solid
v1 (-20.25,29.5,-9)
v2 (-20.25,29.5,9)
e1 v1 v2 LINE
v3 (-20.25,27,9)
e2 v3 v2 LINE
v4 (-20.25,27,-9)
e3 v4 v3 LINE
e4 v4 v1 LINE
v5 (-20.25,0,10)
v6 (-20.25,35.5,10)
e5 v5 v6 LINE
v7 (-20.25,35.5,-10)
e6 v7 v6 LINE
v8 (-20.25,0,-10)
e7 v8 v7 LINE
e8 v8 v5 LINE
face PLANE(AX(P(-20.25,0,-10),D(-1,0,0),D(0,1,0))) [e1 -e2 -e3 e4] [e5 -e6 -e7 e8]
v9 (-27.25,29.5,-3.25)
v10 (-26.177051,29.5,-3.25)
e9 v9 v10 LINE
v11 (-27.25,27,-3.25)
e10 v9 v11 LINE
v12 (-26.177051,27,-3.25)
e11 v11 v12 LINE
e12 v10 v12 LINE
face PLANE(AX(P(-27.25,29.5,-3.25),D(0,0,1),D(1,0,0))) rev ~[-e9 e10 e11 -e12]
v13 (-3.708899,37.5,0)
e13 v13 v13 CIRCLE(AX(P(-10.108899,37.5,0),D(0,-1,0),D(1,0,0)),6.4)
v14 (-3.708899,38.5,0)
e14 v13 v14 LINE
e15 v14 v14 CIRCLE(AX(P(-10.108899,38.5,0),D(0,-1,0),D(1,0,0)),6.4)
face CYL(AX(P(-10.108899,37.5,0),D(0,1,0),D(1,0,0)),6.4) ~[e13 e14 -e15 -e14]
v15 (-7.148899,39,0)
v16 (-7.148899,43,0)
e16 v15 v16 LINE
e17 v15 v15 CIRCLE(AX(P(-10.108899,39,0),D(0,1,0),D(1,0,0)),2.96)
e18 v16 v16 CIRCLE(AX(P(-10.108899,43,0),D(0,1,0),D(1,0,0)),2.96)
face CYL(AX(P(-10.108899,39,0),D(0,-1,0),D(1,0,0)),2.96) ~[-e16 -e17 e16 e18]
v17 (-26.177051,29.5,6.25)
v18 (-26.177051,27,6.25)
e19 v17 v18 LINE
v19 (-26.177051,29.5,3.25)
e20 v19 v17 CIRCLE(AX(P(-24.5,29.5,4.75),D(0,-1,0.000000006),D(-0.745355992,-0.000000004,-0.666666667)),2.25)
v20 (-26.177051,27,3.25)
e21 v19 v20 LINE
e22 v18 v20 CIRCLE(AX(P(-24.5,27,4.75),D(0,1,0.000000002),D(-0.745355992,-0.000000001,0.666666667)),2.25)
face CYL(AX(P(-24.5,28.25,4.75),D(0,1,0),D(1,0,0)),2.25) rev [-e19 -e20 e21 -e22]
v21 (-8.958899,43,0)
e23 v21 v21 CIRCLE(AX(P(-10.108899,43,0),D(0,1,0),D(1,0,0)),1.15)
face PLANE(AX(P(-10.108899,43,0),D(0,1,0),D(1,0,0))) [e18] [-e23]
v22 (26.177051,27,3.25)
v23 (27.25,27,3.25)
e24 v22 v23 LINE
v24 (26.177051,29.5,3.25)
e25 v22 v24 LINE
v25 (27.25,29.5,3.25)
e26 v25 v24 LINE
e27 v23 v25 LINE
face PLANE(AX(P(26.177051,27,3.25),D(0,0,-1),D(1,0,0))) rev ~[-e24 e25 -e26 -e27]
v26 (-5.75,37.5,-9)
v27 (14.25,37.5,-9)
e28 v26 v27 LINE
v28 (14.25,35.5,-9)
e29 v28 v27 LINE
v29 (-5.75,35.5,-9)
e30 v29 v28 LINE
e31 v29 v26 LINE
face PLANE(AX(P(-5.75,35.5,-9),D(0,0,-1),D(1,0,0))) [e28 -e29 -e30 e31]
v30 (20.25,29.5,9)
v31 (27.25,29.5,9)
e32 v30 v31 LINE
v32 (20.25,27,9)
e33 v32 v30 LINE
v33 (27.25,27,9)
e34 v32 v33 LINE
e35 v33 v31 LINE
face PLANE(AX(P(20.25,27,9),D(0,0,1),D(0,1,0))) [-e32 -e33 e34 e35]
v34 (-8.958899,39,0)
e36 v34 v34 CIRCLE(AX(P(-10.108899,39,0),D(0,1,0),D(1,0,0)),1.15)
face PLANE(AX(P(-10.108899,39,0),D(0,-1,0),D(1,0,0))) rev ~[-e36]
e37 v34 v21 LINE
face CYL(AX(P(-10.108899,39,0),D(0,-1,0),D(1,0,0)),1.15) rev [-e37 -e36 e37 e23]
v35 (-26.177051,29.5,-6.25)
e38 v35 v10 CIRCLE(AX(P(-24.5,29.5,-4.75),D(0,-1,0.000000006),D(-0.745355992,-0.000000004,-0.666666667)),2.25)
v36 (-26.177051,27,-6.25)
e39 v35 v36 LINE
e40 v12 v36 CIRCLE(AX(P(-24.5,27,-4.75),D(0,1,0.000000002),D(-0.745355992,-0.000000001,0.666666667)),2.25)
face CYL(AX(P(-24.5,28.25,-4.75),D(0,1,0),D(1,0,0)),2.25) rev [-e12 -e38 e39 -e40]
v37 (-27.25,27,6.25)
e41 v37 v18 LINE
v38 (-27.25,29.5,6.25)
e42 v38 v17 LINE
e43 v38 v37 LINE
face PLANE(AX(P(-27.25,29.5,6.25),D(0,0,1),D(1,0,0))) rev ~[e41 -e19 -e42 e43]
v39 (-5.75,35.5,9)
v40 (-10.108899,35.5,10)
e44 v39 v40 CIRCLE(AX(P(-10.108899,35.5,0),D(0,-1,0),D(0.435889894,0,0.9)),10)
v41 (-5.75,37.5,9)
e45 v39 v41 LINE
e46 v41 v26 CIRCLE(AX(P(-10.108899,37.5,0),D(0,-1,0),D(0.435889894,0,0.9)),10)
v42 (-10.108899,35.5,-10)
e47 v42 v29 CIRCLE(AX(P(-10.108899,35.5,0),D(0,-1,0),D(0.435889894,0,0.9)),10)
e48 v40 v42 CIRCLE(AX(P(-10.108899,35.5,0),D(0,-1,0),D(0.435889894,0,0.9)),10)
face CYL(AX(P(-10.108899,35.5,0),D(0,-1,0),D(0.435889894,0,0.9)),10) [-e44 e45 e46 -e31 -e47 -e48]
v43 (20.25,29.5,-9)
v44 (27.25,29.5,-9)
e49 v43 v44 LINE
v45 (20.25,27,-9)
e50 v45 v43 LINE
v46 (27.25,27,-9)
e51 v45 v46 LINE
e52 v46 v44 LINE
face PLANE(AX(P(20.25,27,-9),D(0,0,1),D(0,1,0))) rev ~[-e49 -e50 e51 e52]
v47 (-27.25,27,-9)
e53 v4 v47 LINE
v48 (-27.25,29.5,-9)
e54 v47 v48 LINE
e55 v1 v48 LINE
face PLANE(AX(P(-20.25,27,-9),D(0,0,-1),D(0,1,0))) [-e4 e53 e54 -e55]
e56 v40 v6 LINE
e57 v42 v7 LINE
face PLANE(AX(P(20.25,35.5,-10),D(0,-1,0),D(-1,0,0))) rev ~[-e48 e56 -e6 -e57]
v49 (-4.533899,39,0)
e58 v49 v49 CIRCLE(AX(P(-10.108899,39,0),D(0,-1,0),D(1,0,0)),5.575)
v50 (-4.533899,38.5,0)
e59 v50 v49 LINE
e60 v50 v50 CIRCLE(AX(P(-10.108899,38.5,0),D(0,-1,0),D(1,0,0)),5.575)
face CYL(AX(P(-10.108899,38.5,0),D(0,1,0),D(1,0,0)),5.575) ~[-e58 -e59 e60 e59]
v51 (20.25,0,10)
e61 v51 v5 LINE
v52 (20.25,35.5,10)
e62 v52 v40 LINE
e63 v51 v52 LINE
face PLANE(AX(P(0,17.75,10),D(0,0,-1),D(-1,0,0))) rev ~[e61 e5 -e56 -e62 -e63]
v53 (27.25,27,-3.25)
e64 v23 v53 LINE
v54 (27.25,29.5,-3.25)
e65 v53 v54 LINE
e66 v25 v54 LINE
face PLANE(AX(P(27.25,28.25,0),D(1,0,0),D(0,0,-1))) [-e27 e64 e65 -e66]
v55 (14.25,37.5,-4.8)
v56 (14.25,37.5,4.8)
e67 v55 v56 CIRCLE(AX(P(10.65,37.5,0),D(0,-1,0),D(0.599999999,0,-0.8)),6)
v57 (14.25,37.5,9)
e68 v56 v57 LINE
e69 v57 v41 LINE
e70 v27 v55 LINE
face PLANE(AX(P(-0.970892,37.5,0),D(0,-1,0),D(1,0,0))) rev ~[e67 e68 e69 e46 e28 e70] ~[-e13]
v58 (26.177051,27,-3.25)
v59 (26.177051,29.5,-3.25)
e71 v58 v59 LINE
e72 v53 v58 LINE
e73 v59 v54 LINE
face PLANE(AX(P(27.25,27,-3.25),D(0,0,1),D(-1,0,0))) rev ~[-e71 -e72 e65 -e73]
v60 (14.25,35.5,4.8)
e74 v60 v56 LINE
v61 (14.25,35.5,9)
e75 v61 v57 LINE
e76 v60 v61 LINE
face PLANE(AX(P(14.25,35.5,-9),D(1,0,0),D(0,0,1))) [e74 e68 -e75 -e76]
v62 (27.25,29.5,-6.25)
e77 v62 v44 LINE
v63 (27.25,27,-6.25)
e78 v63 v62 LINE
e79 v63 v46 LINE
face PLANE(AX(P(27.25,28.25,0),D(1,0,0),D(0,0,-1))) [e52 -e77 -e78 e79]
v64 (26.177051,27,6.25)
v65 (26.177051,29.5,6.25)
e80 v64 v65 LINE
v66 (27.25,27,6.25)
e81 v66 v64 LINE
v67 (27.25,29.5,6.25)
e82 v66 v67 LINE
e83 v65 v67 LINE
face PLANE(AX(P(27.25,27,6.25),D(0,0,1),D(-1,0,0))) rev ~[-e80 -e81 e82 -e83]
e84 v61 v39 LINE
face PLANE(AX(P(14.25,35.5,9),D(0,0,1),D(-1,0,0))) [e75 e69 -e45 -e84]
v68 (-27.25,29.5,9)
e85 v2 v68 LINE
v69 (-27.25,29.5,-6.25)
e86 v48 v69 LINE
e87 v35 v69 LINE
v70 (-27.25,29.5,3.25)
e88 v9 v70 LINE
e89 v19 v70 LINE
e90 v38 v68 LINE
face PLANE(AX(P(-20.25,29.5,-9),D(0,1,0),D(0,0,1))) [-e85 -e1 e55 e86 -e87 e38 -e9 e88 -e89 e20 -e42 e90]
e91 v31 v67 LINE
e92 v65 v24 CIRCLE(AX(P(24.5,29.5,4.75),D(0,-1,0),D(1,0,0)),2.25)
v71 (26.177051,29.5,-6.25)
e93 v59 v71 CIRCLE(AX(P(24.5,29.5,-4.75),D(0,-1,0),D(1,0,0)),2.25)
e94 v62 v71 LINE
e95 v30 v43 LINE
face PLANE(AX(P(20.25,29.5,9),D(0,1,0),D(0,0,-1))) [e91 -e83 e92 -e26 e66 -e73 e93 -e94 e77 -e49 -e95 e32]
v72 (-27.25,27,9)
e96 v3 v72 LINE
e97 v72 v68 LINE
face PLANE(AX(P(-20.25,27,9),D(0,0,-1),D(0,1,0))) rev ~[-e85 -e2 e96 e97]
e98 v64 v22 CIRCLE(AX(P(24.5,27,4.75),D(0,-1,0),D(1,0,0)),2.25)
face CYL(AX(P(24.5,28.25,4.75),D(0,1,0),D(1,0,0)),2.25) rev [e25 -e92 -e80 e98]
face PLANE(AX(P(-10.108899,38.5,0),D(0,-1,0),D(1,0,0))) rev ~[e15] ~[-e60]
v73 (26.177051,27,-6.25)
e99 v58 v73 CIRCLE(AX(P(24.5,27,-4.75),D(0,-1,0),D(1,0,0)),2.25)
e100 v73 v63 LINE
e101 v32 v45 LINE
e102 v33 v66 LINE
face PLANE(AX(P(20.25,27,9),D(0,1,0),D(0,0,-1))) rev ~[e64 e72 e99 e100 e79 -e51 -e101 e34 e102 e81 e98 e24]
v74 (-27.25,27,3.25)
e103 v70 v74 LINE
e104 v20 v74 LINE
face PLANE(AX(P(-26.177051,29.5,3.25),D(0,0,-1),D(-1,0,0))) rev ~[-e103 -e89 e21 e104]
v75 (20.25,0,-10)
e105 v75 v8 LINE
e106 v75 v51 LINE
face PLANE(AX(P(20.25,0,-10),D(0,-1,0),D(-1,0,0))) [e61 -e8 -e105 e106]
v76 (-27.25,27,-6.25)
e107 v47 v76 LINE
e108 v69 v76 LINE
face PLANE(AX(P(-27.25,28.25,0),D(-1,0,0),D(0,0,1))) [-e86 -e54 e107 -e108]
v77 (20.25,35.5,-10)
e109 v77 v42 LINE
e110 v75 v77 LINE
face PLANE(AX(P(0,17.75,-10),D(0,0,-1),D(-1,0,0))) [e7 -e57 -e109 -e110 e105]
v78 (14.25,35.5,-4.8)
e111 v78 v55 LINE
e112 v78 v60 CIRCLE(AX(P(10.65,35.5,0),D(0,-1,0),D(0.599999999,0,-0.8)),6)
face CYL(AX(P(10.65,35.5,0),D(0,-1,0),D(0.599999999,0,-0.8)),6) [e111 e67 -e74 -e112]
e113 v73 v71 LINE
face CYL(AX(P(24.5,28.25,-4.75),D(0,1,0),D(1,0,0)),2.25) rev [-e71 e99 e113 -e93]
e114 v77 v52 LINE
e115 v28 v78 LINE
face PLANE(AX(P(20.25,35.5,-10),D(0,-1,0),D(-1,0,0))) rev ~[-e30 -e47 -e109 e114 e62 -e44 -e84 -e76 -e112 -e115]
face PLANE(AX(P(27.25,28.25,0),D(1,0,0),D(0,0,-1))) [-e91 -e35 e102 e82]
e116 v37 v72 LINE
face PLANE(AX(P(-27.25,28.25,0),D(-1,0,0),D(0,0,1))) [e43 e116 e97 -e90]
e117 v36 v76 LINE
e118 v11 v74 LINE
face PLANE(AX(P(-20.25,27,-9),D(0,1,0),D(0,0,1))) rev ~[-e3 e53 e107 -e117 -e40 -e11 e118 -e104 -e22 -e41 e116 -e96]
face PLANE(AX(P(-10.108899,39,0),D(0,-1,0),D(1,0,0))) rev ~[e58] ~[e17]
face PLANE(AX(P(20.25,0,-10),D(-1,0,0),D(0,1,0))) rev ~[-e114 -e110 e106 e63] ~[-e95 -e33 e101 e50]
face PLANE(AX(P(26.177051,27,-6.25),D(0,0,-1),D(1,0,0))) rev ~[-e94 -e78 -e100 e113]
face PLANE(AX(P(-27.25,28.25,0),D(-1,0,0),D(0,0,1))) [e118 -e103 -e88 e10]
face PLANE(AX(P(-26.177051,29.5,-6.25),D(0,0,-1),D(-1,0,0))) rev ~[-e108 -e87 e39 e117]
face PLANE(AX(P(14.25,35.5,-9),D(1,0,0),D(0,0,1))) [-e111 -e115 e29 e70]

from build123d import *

# Parameters (mm, degrees)
ESBO_O1_W                = 40.5
ESBO_O1_H                = 35.5
RESSALTO_EXTRUS_O1_DEPTH = 20
RESSALTO_EXTRUS_O2_DEPTH = 2
ESBO_O3_W                = 18
ESBO_O3_H                = 2.499999999
RESSALTO_EXTRUS_O3_DEPTH = 7
CORTE_EXTRUS_O1_DEPTH    = 11.500000003
CORTE_EXTRUS_O2_DEPTH    = 11.500000003
RESSALTO_EXTRUS_O4_DEPTH = 2
ESBO_O7_W                = 18
ESBO_O7_H                = 2.499999994
RESSALTO_EXTRUS_O5_DEPTH = 7
CORTE_EXTRUS_O3_DEPTH    = 30.499999991
CORTE_EXTRUS_O4_DEPTH    = 30.499999991
ESBO_O10_W               = 2.25
ESBO_O10_H               = 2.5
ESBO_O11_W               = 2.25
ESBO_O11_H               = 2.5
ESBO_O12_W               = 2.25
ESBO_O12_H               = 2.5
ESBO_O13_W               = 2.25
ESBO_O13_H               = 2.5
ESBO_O15_R               = 2.96
ESBO_O15_R_2             = 1.15
RESSALTO_EXTRUS_O6_DEPTH = 4


with BuildPart() as part:
    # Esboço1 → Ressalto-extrusão1 (new body)
    with BuildSketch(Plane(origin=(0, 0, -10), x_dir=(-1, 0, 0), z_dir=(0, 0, -1))):
        with Locations((0, 17.75)):
            Rectangle(ESBO_O1_W, ESBO_O1_H)
    extrude(amount=-RESSALTO_EXTRUS_O1_DEPTH)

    # Esboço2 → Ressalto-extrusão2 (add)
    with BuildSketch(Plane(origin=(0, 35.5, 0), x_dir=(-1, 0, 0), z_dir=(0, 1, 0))):
        with BuildLine():
            Line((-14.25, 9), (5.75, 9))
            ThreePointArc((5.75, 9), (20.108898944, -1e-09), (5.75, -9))
            Line((5.75, -9), (-14.25, -9))
            Line((-14.25, -9), (-14.25, 9))
        make_face()
    extrude(amount=RESSALTO_EXTRUS_O2_DEPTH)

    # Esboço3 → Ressalto-extrusão3 (add)
    with BuildSketch(Plane(origin=(20.25, 0, 0), x_dir=(0, 0, -1), z_dir=(1, 0, 0))):
        with Locations((0, 28.249999997)):
            Rectangle(ESBO_O3_W, ESBO_O3_H)
    extrude(amount=RESSALTO_EXTRUS_O3_DEPTH)

    # Esboço4 → Corte-extrusão1 (cut, through all)
    with BuildSketch(Plane.XZ.offset(-26.999999997)):
        with BuildLine():
            Line((27.25, 3.25), (27.25, 6.25))
            Line((27.25, 6.25), (26.177050983, 6.25))
            ThreePointArc((26.177050983, 6.25), (26.75, 4.75), (26.177050983, 3.25))
            Line((26.177050983, 3.25), (27.25, 3.25))
        make_face()
    extrude(amount=-CORTE_EXTRUS_O1_DEPTH, mode=Mode.SUBTRACT)

    # Esboço5 → Corte-extrusão2 (cut, through all)
    with BuildSketch(Plane.XZ.offset(-26.999999997)):
        with BuildLine():
            Line((27.25, -6.25), (27.25, -3.25))
            Line((27.25, -3.25), (26.177050983, -3.25))
            ThreePointArc((26.177050983, -3.25), (26.75, -4.75), (26.177050983, -6.25))
            Line((26.177050983, -6.25), (27.25, -6.25))
        make_face()
    extrude(amount=-CORTE_EXTRUS_O2_DEPTH, mode=Mode.SUBTRACT)

    # Esboço6 → Ressalto-extrusão4 (add)
    with BuildSketch(Plane(origin=(0, 35.5, 0), x_dir=(-1, 0, 0), z_dir=(0, 1, 0))):
        with BuildLine():
            Line((-14.249999993, 4.8), (-14.249999993, -4.800000003))
            ThreePointArc((-14.249999993, -4.800000003), (-16.649999996, -1e-09), (-14.249999993, 4.8))
        make_face()
    extrude(amount=RESSALTO_EXTRUS_O4_DEPTH)

    # Esboço7 → Ressalto-extrusão5 (add)
    with BuildSketch(Plane.ZY.offset(20.25)):
        with Locations((0, 28.249999994)):
            Rectangle(ESBO_O7_W, ESBO_O7_H)
    extrude(amount=RESSALTO_EXTRUS_O5_DEPTH)

    # Esboço8 → Corte-extrusão3 (cut, through all)
    with BuildSketch(Plane(origin=(0, 29.499999991, 0), x_dir=(-1, 0, 0), z_dir=(0, 1, 0))):
        with BuildLine():
            Line((27.25, 6.25), (26.177050983, 6.25))
            ThreePointArc((26.177050983, 6.25), (26.75, 4.75), (26.177050983, 3.25))
            Line((26.177050983, 3.25), (27.25, 3.25))
            Line((27.25, 3.25), (27.25, 6.25))
        make_face()
    extrude(amount=-CORTE_EXTRUS_O3_DEPTH, mode=Mode.SUBTRACT)

    # Esboço9 → Corte-extrusão4 (cut, through all)
    with BuildSketch(Plane(origin=(0, 29.499999991, 0), x_dir=(-1, 0, 0), z_dir=(0, 1, 0))):
        with BuildLine():
            Line((27.25, -6.25), (27.25, -3.25))
            Line((27.25, -3.25), (26.177050983, -3.25))
            ThreePointArc((26.177050983, -3.25), (26.75, -4.75), (26.177050983, -6.25))
            Line((26.177050983, -6.25), (27.25, -6.25))
        make_face()
    extrude(amount=-CORTE_EXTRUS_O4_DEPTH, mode=Mode.SUBTRACT)

    # Esboço10 → Corte-Revolução1 (revolve, cut)
    with BuildSketch(Plane.XY.offset(4.75)):
        with Locations((-23.375, 28.25)):
            Rectangle(ESBO_O10_W, ESBO_O10_H)
    revolve(axis=Axis((-24.5, 29.5, 4.75), (0, -1, 0)), mode=Mode.SUBTRACT)

    # Esboço11 → Corte-Revolução2 (revolve, cut)
    with BuildSketch(Plane.XY.offset(-4.75)):
        with Locations((-23.375, 28.25)):
            Rectangle(ESBO_O11_W, ESBO_O11_H)
    revolve(axis=Axis((-24.5, 29.5, -4.75), (0, -1, 0)), mode=Mode.SUBTRACT)

    # Esboço12 → Corte-Revolução3 (revolve, cut)
    with BuildSketch(Plane.XY.offset(-4.75)):
        with Locations((25.625, 28.25)):
            Rectangle(ESBO_O12_W, ESBO_O12_H)
    revolve(axis=Axis((24.5, 29.5, -4.75), (0, -1, 0)), mode=Mode.SUBTRACT)

    # Esboço13 → Corte-Revolução4 (revolve, cut)
    with BuildSketch(Plane.XY.offset(4.75)):
        with Locations((25.625, 28.25)):
            Rectangle(ESBO_O13_W, ESBO_O13_H)
    revolve(axis=Axis((24.5, 29.5, 4.75), (0, -1, 0)), mode=Mode.SUBTRACT)

    # Esboço14 → Revolução1 (revolve)
    with BuildSketch(Plane.XY):
        Polygon((-4.533898944, 39), (-10.108898944, 39), (-10.108898944, 37.5), (-3.708898944, 37.5), (-3.708898944, 38.5), (-4.533898944, 38.5), align=None)
    revolve(axis=Axis((-10.108898944, 39, 0), (0, -1, 0)))

    # Esboço15 → Ressalto-extrusão6 (add)
    with BuildSketch(Plane(origin=(0, 39, 0), x_dir=(1, 0, 0), z_dir=(0, 1, 0))):
        with Locations((-10.108898944, 0)):
            Circle(ESBO_O15_R)
        with Locations((-10.108898944, 0)):
            Circle(ESBO_O15_R_2, mode=Mode.SUBTRACT)
    extrude(amount=RESSALTO_EXTRUS_O6_DEPTH)


solid = part.part
